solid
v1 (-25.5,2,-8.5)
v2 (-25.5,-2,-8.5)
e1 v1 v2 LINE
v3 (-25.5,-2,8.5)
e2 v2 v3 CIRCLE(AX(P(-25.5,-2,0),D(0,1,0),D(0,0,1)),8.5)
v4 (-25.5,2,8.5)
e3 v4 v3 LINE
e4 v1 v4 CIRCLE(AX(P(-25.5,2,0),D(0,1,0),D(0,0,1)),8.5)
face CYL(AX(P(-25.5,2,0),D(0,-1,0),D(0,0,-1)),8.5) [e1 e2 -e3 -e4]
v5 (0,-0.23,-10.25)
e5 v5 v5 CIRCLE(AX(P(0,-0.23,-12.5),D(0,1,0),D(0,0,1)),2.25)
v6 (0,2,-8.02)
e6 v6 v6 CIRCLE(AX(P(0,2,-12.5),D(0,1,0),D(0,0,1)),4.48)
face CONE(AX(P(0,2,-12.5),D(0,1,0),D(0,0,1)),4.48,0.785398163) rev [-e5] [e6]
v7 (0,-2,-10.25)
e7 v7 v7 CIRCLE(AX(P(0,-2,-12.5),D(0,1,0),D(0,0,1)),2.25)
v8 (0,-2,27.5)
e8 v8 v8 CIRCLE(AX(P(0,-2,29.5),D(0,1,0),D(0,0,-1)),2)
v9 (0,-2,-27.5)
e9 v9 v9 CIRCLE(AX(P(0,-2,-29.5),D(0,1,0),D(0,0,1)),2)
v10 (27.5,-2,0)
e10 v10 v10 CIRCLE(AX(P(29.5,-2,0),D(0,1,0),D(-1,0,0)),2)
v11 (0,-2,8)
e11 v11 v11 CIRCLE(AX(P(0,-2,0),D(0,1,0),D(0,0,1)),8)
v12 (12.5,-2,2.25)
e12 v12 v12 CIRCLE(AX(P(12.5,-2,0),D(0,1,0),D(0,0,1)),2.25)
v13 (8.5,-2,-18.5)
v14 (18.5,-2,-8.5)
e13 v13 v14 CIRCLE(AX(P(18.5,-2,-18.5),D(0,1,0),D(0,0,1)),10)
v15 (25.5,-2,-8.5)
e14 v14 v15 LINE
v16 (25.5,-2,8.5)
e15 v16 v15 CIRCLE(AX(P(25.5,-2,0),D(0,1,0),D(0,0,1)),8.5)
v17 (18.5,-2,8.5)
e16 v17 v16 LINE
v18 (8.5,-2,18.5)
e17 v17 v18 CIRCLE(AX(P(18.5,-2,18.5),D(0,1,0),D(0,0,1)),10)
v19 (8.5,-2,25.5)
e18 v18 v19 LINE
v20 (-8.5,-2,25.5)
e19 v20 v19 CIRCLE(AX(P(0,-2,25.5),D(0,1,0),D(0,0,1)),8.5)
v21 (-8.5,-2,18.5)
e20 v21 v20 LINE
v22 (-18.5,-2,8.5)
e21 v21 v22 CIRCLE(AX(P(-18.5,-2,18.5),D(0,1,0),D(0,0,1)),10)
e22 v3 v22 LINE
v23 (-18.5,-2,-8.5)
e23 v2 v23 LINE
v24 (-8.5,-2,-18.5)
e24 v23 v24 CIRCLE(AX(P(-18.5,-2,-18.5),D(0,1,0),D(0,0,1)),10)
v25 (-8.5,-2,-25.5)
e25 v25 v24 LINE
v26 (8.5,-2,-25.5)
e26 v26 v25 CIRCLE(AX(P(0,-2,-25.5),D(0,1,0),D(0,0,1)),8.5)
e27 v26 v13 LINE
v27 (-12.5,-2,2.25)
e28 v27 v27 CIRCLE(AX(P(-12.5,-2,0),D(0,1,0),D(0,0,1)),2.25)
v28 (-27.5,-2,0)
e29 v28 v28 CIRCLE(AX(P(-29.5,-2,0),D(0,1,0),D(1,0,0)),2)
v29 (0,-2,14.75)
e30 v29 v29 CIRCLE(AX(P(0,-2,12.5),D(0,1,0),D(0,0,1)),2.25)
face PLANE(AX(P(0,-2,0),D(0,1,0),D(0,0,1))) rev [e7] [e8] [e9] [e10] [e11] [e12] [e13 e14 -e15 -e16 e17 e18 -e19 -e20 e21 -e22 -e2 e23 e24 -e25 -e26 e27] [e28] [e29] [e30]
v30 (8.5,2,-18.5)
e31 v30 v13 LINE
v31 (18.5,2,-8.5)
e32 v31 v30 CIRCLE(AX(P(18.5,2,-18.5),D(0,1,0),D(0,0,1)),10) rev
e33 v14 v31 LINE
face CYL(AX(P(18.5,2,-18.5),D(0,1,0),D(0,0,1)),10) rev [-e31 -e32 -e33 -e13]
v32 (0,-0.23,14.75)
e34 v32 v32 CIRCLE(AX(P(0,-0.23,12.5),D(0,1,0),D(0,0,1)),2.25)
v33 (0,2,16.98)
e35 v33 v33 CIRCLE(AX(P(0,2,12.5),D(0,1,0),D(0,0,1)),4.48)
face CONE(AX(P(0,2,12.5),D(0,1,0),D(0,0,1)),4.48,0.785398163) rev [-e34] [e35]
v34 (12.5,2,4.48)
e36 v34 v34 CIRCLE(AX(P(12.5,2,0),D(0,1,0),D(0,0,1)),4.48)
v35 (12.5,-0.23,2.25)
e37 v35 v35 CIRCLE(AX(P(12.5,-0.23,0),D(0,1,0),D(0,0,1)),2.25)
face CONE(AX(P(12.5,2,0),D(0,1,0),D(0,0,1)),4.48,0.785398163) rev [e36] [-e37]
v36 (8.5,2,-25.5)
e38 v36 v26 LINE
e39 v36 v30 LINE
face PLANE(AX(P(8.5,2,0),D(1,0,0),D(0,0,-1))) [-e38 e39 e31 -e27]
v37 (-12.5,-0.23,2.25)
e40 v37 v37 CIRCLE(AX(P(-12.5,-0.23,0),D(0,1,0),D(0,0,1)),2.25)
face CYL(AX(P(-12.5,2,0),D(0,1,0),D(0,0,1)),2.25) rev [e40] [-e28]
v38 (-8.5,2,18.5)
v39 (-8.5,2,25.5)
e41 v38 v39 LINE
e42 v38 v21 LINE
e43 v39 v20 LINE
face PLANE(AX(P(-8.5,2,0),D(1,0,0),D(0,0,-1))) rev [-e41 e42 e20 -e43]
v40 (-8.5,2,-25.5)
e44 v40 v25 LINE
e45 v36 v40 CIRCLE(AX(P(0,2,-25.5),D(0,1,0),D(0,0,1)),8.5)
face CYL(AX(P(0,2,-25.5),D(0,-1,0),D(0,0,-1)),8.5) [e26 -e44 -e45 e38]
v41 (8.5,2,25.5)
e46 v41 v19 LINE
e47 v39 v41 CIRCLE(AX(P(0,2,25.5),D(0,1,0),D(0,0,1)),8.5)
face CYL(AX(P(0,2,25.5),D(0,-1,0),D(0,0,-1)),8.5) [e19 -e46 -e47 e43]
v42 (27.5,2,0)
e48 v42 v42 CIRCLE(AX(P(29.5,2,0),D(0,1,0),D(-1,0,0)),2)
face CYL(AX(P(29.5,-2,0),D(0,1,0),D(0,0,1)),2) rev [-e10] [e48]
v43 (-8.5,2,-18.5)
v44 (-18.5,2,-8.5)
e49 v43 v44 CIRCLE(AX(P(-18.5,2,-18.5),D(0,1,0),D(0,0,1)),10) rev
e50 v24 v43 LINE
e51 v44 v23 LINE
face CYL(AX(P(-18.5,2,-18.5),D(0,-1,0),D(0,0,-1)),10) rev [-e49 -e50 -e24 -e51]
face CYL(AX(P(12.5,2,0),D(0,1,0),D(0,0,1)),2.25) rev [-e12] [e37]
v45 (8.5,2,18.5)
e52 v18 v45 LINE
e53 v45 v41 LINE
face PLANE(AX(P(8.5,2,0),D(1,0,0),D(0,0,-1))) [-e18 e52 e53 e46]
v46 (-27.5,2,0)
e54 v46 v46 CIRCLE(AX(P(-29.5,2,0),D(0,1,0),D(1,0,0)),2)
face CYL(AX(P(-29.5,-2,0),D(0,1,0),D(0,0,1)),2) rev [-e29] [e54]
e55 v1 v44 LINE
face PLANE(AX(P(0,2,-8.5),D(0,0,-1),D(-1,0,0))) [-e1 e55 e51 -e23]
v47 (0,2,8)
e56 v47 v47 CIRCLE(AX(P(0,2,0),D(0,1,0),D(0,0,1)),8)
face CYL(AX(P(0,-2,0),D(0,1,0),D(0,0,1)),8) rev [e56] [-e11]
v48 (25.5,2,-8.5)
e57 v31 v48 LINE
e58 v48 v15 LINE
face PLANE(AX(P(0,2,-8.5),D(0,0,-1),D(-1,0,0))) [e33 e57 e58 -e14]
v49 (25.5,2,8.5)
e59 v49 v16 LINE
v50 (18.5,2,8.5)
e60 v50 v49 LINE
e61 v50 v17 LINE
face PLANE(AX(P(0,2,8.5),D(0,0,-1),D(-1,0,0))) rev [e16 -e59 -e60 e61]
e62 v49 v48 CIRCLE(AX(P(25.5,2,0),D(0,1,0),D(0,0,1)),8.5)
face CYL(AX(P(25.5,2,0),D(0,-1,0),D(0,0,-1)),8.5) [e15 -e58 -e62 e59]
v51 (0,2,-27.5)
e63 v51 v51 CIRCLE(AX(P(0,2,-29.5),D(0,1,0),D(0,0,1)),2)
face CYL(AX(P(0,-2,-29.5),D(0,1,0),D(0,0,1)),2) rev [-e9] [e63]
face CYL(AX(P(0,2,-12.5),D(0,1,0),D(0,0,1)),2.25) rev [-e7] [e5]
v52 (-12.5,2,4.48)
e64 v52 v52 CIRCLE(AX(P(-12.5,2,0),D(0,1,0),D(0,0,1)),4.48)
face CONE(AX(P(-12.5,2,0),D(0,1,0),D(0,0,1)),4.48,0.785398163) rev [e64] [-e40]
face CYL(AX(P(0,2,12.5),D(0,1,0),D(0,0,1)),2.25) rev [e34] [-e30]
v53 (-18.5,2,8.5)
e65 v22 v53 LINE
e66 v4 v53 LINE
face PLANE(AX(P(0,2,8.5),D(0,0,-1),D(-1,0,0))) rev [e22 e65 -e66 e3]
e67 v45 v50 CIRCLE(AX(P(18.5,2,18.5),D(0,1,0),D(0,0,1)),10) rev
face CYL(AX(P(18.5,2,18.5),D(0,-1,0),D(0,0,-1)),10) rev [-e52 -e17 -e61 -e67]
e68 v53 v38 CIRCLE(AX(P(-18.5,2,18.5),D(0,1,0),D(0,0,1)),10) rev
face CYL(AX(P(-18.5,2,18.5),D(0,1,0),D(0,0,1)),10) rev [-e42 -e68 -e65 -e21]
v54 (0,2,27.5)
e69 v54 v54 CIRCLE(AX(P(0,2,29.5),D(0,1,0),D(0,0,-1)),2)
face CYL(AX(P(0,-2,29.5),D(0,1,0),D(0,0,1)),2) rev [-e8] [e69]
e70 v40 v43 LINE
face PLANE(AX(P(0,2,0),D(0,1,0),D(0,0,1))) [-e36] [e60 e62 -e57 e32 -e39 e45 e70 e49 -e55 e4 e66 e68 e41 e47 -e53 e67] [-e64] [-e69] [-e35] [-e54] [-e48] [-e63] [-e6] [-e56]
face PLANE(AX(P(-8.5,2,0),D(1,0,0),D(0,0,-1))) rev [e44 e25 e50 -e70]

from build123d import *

# Parameters (mm, degrees)
ESBO_O1_W                           = 17
ESBO_O1_H                           = 17
RESSALTO_EXTRUS_O1_DEPTH            = 2
FILETE1_R                           = 10
ESBO_O3_R                           = 8
ESBO_O3_R_2                         = 2
CORTE_EXTRUS_O1_DEPTH               = 49.249352327
PADR_OCIRCULAR1_COUNT               = 4
ESCAREADO_PARA_SFHCS_M41_AT_2_COUNT = 2
ESCAREADO_PARA_SFHCS_M41_AT_2_PITCH = 17.67766953
ESCAREADO_PARA_SFHCS_M41_AT_3_COUNT = 2
ESCAREADO_PARA_SFHCS_M41_AT_3_PITCH = 25
ESCAREADO_PARA_SFHCS_M41_AT_4_COUNT = 2
ESCAREADO_PARA_SFHCS_M41_AT_4_PITCH = 17.67766953


with BuildPart() as part:
    # Esboço1 → Ressalto-extrusão1 (new, symmetric)
    with BuildSketch(Plane(origin=(0, 0, 0), x_dir=(1, 0, 0), z_dir=(0, 1, 0))):
        with BuildLine():
            Line((-8.5, -8.5), (-8.5, 8.5))
            Line((-8.5, 8.5), (-25.5, 8.5))
            ThreePointArc((-25.5, 8.5), (-34, 0), (-25.5, -8.5))
            Line((-25.5, -8.5), (-8.5, -8.5))
        make_face()
        with BuildLine():
            Line((8.5, 8.5), (8.5, 25.5))
            ThreePointArc((8.5, 25.5), (0, 34), (-8.5, 25.5))
            Line((-8.5, 25.5), (-8.5, 8.5))
            Line((-8.5, 8.5), (8.5, 8.5))
        make_face()
        Rectangle(ESBO_O1_W, ESBO_O1_H)
        with BuildLine():
            Line((25.5, 8.5), (8.5, 8.5))
            Line((8.5, 8.5), (8.5, -8.5))
            Line((8.5, -8.5), (25.5, -8.5))
            ThreePointArc((25.5, -8.5), (34, 0), (25.5, 8.5))
        make_face()
        with BuildLine():
            Line((8.5, -25.5), (8.5, -8.5))
            Line((8.5, -8.5), (-8.5, -8.5))
            Line((-8.5, -8.5), (-8.5, -25.5))
            ThreePointArc((-8.5, -25.5), (0, -34), (8.5, -25.5))
        make_face()
    extrude(amount=RESSALTO_EXTRUS_O1_DEPTH, both=True)

    # Filete1
    filete1_edges = [part.edges().sort_by_distance(p)[0] for p in [
        (-8.5, 0, -8.5),
        (8.5, 0, -8.5),
        (8.5, 0, 8.5),
        (-8.5, 0, 8.5),
    ]]
    fillet(filete1_edges, radius=FILETE1_R)

    # Esboço3 → Corte-extrusão1 (cut, through all)
    with BuildSketch(Plane(origin=(0, 2, 0), x_dir=(1, 0, 0), z_dir=(0, 1, 0))):
        with Locations(Location((0, 0, 0), (0, 0, 270))):
            Circle(ESBO_O3_R)
        with Locations(Location((0, 29.5, 0), (0, 0, 270))):
            Circle(ESBO_O3_R_2)
    corte_extrus_o1 = extrude(amount=-CORTE_EXTRUS_O1_DEPTH, mode=Mode.SUBTRACT)

    # PadrãoCircular1: Corte-extrusão1 ×4 about axis
    padr_ocircular1_axis = Axis((0, 0, 0), (0, 1, 0))
    for i in range(1, PADR_OCIRCULAR1_COUNT):
        add(corte_extrus_o1.rotate(padr_ocircular1_axis, i * 360 / PADR_OCIRCULAR1_COUNT), mode=Mode.SUBTRACT)

    # Esboço6 → Escareado para SFHCS M41 (revolve, cut)
    with BuildSketch(Plane(origin=(-12.5, 2, 0), x_dir=(0, 0, 1), z_dir=(1, 0, 0))):
        Polygon((0, 0), (0, 4), (2.25, 4), (2.25, 2.23), (4.48, 0), align=None)
    escareado_para_sfhcs_m41 = revolve(axis=Axis((-12.5, 8.35, 0), (0, -1, 0)), mode=Mode.SUBTRACT)

    # Escareado para SFHCS M41 at 2: Escareado para SFHCS M41 ×2
    with Locations(*[Vector(0.7071067811865476, 0, -0.7071067811865476) * (i * ESCAREADO_PARA_SFHCS_M41_AT_2_PITCH) for i in range(1, ESCAREADO_PARA_SFHCS_M41_AT_2_COUNT)]):
        add(escareado_para_sfhcs_m41, mode=Mode.SUBTRACT)

    # Escareado para SFHCS M41 at 3: Escareado para SFHCS M41 ×2
    with Locations(*[(i * ESCAREADO_PARA_SFHCS_M41_AT_3_PITCH, 0, 0) for i in range(1, ESCAREADO_PARA_SFHCS_M41_AT_3_COUNT)]):
        add(escareado_para_sfhcs_m41, mode=Mode.SUBTRACT)

    # Escareado para SFHCS M41 at 4: Escareado para SFHCS M41 ×2
    with Locations(*[Vector(0.7071067811865476, 0, 0.7071067811865476) * (i * ESCAREADO_PARA_SFHCS_M41_AT_4_PITCH) for i in range(1, ESCAREADO_PARA_SFHCS_M41_AT_4_COUNT)]):
        add(escareado_para_sfhcs_m41, mode=Mode.SUBTRACT)


solid = part.part
